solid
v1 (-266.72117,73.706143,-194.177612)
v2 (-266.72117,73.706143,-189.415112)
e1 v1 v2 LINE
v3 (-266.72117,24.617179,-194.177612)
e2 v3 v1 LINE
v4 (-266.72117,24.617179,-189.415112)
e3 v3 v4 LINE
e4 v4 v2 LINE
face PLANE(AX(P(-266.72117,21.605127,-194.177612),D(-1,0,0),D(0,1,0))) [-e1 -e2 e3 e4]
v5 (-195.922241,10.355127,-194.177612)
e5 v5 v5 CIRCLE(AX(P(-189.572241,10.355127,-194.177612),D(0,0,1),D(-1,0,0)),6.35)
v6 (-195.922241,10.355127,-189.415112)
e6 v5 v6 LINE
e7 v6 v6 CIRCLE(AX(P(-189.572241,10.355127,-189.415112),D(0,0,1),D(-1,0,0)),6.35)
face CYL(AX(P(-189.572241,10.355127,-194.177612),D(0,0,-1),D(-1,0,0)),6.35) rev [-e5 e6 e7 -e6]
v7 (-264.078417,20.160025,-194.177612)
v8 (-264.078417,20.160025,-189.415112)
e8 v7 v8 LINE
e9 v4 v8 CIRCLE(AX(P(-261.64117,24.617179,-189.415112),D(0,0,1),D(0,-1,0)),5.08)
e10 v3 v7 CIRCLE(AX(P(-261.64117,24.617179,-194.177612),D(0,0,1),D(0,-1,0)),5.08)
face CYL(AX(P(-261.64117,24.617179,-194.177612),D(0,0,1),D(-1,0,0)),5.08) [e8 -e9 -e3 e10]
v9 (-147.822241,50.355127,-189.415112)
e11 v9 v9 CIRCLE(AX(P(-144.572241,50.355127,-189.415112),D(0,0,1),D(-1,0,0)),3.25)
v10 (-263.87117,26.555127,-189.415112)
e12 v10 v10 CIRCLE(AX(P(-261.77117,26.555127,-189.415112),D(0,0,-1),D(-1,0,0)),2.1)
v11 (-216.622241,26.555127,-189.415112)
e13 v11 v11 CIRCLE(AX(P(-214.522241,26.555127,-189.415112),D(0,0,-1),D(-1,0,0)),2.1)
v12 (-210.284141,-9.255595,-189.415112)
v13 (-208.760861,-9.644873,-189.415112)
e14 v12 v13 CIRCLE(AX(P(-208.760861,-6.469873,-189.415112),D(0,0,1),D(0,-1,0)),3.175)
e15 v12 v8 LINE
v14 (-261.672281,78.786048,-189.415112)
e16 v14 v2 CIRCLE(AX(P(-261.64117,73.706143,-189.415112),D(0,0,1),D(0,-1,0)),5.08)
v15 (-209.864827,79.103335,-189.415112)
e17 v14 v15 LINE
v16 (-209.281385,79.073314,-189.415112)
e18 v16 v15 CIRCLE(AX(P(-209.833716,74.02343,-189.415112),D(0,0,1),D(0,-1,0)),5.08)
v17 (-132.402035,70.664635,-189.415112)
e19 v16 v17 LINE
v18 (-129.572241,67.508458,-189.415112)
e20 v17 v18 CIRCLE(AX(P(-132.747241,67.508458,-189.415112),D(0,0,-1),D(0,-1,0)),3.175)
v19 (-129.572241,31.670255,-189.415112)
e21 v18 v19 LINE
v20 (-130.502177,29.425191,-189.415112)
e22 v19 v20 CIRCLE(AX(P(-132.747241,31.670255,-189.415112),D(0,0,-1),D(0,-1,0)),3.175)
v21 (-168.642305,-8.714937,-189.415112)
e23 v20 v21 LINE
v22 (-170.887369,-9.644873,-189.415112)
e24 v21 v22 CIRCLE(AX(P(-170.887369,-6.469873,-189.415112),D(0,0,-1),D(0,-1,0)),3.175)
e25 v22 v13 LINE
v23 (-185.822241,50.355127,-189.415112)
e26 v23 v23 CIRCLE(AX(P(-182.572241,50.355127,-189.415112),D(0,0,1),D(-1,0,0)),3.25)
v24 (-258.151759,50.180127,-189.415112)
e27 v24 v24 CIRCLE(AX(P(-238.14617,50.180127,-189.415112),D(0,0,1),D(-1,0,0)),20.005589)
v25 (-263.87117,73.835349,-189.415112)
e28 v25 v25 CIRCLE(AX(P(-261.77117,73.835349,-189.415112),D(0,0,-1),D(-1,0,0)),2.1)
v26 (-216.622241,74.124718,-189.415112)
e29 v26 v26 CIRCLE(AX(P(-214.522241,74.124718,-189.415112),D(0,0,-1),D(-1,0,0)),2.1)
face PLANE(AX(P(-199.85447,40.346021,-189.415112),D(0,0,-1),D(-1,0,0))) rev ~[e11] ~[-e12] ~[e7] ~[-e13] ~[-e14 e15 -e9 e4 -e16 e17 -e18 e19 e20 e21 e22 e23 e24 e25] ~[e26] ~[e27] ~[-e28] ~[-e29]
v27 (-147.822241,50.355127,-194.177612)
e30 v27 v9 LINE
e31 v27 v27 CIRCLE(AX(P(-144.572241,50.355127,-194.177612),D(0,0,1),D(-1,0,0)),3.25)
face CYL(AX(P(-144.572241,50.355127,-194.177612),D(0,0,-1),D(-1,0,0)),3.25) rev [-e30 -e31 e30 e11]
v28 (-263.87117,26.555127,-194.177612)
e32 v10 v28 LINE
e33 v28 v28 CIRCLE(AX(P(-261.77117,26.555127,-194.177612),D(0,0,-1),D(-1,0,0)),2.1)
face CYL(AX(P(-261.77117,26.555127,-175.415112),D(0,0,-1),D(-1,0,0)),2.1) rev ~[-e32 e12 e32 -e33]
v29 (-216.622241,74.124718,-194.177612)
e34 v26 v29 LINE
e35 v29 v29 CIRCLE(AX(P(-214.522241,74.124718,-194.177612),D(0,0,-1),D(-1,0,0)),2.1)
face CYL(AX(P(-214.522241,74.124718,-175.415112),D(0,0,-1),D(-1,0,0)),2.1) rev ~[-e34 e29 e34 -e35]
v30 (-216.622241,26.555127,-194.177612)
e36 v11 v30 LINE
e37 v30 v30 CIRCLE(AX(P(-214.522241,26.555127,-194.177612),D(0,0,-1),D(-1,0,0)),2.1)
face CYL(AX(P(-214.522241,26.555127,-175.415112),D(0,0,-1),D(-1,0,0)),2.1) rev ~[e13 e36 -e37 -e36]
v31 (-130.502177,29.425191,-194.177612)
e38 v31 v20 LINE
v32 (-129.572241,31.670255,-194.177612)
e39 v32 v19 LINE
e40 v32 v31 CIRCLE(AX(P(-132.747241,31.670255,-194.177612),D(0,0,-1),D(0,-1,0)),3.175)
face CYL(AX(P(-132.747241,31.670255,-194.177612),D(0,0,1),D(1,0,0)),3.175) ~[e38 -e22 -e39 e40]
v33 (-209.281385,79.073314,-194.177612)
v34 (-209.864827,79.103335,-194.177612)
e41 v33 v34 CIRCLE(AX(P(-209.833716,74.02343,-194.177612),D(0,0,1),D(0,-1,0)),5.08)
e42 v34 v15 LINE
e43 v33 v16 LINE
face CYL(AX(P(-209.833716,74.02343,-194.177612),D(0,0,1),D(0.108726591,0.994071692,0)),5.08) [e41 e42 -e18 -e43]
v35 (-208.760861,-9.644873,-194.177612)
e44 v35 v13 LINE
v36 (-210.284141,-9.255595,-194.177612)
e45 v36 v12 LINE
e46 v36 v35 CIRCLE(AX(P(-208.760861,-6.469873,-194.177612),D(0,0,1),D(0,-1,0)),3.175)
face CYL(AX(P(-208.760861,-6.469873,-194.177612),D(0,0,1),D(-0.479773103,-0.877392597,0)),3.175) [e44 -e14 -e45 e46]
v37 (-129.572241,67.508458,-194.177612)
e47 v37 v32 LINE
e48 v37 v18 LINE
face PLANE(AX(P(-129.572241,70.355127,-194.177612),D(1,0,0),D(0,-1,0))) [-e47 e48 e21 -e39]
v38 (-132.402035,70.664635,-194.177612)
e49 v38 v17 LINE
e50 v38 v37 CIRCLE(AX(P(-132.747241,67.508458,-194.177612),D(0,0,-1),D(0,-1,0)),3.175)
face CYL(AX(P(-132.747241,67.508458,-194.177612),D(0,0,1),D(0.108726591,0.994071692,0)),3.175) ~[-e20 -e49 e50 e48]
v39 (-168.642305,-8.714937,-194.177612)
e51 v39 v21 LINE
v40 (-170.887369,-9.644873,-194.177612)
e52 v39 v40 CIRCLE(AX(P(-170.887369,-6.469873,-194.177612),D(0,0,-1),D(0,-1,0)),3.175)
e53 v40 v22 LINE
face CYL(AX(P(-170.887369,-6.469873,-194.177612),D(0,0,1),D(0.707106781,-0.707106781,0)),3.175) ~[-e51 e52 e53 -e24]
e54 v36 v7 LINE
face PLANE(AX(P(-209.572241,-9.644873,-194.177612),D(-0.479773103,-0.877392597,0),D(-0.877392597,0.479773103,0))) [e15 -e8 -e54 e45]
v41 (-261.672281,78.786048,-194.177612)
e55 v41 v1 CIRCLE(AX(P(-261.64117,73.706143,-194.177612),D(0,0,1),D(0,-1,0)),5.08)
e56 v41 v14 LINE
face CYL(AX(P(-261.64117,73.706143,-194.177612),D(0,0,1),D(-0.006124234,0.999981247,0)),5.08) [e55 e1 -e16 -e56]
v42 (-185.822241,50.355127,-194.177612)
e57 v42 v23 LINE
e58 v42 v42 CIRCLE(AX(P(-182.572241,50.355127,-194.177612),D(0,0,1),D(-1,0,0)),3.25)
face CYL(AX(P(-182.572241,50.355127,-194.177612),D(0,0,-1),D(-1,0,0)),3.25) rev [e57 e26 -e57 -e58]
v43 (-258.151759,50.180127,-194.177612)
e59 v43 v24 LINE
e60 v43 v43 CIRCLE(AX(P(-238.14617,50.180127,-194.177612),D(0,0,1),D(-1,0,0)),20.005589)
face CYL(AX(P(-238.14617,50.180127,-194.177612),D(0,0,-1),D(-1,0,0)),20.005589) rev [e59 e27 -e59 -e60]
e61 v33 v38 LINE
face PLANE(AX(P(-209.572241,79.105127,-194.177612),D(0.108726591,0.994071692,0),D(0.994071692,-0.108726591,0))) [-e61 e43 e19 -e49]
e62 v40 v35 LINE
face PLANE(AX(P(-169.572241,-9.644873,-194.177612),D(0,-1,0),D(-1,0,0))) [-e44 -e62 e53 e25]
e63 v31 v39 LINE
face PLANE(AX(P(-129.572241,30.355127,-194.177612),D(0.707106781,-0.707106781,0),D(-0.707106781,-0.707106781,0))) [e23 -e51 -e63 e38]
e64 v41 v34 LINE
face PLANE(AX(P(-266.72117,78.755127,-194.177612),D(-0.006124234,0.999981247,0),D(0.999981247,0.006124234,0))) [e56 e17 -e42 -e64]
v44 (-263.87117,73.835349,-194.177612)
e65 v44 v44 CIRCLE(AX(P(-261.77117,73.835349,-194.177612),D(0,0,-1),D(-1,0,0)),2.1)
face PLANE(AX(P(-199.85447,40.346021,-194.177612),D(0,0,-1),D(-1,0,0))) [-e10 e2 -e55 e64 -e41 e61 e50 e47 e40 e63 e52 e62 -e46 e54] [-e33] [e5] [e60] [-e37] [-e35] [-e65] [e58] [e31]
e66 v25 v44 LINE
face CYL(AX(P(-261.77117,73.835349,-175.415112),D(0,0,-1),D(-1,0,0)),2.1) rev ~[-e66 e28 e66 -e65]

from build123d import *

# Parameters (mm, degrees)
SKETCH3_R             = 6.350000004
SKETCH3_R_2           = 3.25
SKETCH3_R_3           = 20.005589459
BOSS_EXTRUDE1_DEPTH   = 4.7625
FILLET1_R             = 3.175
FILLET2_R             = 5.08
M5_TAPPED_HOLE1_D     = 4.2
M5_TAPPED_HOLE1_DEPTH = 14
M5_TAPPED_HOLE1_TIP   = 1.2618073


with BuildPart() as part:
    # Sketch3 → Boss-Extrude1 (new body)
    with BuildSketch(Plane.XY.offset(-194.177612449)):
        Polygon((-209.572241428, 79.105126535), (-129.572241428, 70.355126535), (-129.572241428, 30.355126535), (-169.572241428, -9.644873465), (-209.572241428, -9.644873465), (-266.721169677, 21.605126535), (-266.721169677, 78.755126535), align=None)
        with Locations(Location((-189.572241428, 10.355126535, 0), (0, 0, 180))):
            Circle(SKETCH3_R, mode=Mode.SUBTRACT)
        with Locations(Location((-182.572241428, 50.355126535, 0), (0, 0, 180))):
            Circle(SKETCH3_R_2, mode=Mode.SUBTRACT)
        with Locations(Location((-144.572241428, 50.355126535, 0), (0, 0, 180))):
            Circle(SKETCH3_R_2, mode=Mode.SUBTRACT)
        with Locations(Location((-238.146169677, 50.180126535, 0), (0, 0, 180))):
            Circle(SKETCH3_R_3, mode=Mode.SUBTRACT)
    extrude(amount=BOSS_EXTRUDE1_DEPTH)

    # Fillet1
    fillet1_edges = [part.edges().sort_by_distance(p)[0] for p in [
        (-209.572241428, -9.644873465, -191.796362449),
        (-169.572241428, -9.644873465, -191.796362449),
        (-129.572241428, 30.355126535, -191.796362449),
        (-129.572241428, 70.355126535, -191.796362449),
    ]]
    fillet(fillet1_edges, radius=FILLET1_R)

    # Fillet2
    fillet2_edges = [part.edges().sort_by_distance(p)[0] for p in [
        (-266.721169677, 78.755126535, -191.796362449),
        (-266.721169677, 21.605126535, -191.796362449),
        (-209.572241428, 79.105126535, -191.796362449),
    ]]
    fillet(fillet2_edges, radius=FILLET2_R)

    # M5 Tapped Hole1
    with Locations(Plane.XY.offset(-189.415112449)):
        with Locations((-214.522241428, 74.124718176), (-261.771169677, 73.835349234), (-214.522241428, 26.555126535), (-261.771169677, 26.555126535)):
            Hole(M5_TAPPED_HOLE1_D / 2, depth=M5_TAPPED_HOLE1_DEPTH)
            with Locations((0, 0, -(M5_TAPPED_HOLE1_DEPTH + M5_TAPPED_HOLE1_TIP / 2))):  # 118° drill point
                Cone(0, M5_TAPPED_HOLE1_D / 2, M5_TAPPED_HOLE1_TIP, mode=Mode.SUBTRACT)


solid = part.part
